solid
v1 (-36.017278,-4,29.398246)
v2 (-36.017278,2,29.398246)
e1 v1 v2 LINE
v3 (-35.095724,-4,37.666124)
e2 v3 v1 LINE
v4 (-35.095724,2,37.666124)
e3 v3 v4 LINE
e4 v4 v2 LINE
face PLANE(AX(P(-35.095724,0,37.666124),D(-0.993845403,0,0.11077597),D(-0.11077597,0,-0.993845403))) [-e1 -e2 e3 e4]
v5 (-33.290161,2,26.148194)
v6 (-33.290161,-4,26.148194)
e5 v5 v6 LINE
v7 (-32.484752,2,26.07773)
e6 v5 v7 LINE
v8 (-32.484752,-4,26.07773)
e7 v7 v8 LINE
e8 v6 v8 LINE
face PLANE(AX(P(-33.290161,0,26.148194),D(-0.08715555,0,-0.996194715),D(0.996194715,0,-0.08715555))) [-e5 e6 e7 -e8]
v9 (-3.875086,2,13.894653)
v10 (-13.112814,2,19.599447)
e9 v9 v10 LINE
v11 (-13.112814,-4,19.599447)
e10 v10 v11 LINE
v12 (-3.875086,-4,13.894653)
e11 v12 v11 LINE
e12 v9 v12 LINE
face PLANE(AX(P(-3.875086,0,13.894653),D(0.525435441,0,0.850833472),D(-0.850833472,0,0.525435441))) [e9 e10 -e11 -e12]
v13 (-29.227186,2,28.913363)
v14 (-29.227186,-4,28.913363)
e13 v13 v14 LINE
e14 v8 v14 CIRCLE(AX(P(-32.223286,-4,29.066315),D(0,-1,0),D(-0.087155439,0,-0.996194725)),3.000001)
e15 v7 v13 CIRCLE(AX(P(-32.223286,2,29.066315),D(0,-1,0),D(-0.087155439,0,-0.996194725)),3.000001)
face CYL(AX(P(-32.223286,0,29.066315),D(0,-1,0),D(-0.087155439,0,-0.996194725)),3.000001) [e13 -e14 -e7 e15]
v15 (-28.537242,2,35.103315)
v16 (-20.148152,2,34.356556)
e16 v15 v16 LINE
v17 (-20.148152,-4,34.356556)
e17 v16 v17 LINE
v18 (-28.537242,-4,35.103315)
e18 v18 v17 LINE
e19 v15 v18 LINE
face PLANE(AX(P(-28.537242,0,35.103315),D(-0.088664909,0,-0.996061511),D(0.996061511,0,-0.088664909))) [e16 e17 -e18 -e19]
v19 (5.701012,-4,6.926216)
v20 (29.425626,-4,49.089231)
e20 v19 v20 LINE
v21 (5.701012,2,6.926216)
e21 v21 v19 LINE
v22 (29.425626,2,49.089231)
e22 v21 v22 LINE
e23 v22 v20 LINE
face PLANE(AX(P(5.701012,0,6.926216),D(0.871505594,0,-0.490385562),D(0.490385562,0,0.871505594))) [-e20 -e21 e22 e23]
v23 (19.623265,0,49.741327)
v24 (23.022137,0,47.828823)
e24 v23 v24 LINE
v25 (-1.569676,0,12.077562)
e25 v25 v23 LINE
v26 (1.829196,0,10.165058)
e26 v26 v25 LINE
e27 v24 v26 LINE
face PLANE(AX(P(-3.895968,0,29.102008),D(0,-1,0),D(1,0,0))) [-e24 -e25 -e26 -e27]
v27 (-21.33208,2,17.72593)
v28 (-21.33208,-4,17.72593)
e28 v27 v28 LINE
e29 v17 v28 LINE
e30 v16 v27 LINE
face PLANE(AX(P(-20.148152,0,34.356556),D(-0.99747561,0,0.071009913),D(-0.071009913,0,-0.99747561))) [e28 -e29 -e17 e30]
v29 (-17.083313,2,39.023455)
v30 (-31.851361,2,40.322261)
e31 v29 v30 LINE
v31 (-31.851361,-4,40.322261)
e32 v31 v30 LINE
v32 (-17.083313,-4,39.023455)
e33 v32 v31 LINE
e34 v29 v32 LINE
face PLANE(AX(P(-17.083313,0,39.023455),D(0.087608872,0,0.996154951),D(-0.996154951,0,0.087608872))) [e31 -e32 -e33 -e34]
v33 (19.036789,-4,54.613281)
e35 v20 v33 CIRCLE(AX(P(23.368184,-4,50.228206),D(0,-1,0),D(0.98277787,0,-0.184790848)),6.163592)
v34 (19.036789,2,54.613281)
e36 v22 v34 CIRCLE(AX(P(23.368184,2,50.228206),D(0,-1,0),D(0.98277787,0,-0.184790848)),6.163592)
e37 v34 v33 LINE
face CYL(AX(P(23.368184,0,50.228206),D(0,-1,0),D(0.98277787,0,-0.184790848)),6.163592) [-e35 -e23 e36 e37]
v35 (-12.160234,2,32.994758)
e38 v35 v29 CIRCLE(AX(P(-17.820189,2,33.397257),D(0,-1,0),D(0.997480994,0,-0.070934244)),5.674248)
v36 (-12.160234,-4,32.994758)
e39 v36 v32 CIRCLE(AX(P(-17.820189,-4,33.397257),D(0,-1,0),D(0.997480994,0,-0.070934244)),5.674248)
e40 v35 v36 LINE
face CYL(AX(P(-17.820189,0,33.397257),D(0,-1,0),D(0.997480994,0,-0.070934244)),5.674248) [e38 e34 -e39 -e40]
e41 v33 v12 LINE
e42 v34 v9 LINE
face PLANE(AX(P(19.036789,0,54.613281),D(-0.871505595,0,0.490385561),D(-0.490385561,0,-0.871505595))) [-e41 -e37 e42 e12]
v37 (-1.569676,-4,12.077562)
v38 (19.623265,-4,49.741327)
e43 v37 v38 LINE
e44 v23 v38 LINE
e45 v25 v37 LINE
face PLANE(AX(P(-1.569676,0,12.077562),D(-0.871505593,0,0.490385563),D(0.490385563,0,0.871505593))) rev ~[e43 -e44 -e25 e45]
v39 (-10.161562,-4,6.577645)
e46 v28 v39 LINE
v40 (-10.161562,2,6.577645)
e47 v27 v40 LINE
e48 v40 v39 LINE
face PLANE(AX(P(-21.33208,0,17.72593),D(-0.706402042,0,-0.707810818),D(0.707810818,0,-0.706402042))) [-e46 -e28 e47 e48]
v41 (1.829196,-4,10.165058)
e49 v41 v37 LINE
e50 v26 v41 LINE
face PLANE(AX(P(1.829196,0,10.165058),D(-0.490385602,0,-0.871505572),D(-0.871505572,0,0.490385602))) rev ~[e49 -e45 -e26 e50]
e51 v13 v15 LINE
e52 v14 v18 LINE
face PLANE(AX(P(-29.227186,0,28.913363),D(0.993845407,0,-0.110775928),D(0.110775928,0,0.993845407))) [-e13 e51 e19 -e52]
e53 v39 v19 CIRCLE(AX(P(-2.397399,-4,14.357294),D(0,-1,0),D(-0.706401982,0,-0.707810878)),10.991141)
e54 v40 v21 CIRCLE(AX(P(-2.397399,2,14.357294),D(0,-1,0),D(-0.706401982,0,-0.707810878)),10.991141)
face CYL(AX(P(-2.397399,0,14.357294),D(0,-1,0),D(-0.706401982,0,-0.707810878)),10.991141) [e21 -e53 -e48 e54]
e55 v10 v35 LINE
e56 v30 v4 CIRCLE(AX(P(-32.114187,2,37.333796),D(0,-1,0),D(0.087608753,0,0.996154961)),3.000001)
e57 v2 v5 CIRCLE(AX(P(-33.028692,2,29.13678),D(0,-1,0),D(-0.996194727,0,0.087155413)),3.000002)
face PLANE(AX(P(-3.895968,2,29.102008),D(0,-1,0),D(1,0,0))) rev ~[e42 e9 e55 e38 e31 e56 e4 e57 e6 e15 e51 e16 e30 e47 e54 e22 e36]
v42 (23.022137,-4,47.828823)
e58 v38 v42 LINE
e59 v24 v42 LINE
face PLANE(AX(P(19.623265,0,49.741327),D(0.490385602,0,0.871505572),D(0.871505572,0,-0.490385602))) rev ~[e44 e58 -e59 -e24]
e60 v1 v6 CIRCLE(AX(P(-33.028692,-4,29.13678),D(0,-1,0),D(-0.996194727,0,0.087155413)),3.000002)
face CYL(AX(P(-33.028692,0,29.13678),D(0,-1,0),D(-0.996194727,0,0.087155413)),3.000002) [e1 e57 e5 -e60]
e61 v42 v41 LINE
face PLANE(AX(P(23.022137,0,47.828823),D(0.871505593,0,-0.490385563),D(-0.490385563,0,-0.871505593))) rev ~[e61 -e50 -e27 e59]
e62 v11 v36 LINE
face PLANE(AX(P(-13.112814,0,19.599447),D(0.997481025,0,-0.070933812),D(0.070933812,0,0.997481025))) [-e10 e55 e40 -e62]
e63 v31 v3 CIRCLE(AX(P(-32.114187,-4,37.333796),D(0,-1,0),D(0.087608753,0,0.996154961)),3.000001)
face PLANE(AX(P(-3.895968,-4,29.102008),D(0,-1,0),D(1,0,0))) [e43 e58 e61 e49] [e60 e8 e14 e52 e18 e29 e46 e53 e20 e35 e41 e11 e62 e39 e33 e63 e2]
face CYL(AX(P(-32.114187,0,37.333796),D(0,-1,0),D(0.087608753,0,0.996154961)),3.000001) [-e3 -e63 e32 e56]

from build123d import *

# Parameters (mm, degrees)
F1_DEPTH = 4
F2_DEPTH = 2


with BuildPart() as f1:
    # F0 (on Front) → F1 (new body)
    with BuildSketch(Plane.XZ):
        with BuildLine():
            ThreePointArc((-36.017278, 29.398246), (-35.326827, 27.208416), (-33.290161, 26.148194))
            Line((-33.290161, 26.148194), (-32.484752, 26.07773))
            ThreePointArc((-32.484752, 26.07773), (-30.253575, 26.803519), (-29.227186, 28.913363))
            Line((-29.227186, 28.913363), (-28.537242, 35.103315))
            Line((-28.537242, 35.103315), (-20.148152, 34.356556))
            Line((-20.148152, 34.356556), (-21.33208, 17.72593))
            Line((-21.33208, 17.72593), (-10.161562, 6.577645))
            ThreePointArc((-10.161562, 6.577645), (-2.155933, 3.368806), (5.701012, 6.926216))
            Line((5.701012, 6.926216), (29.425626, 49.089231))
            ThreePointArc((29.425626, 49.089231), (26.2619, 55.67029), (19.036789, 54.613281))
            Line((19.036789, 54.613281), (-3.875086, 13.894653))
            Line((-3.875086, 13.894653), (-13.112814, 19.599447))
            Line((-13.112814, 19.599447), (-12.160234, 32.994758))
            ThreePointArc((-12.160234, 32.994758), (-13.425174, 36.986259), (-17.083313, 39.023455))
            Line((-17.083313, 39.023455), (-31.851361, 40.322261))
            ThreePointArc((-31.851361, 40.322261), (-34.014612, 39.655086), (-35.095724, 37.666124))
            Line((-35.095724, 37.666124), (-36.017278, 29.398246))
        make_face()
        Polygon((23.022137, 47.828823), (1.829196, 10.165058), (-1.569676, 12.077562), (19.623265, 49.741327), align=None, mode=Mode.SUBTRACT)
    extrude(amount=F1_DEPTH)

    # F0 (on Front) → F2 (join)
    with BuildSketch(Plane.XZ):
        with BuildLine():
            ThreePointArc((-36.017278, 29.398246), (-35.326827, 27.208416), (-33.290161, 26.148194))
            Line((-33.290161, 26.148194), (-32.484752, 26.07773))
            ThreePointArc((-32.484752, 26.07773), (-30.253575, 26.803519), (-29.227186, 28.913363))
            Line((-29.227186, 28.913363), (-28.537242, 35.103315))
            Line((-28.537242, 35.103315), (-20.148152, 34.356556))
            Line((-20.148152, 34.356556), (-21.33208, 17.72593))
            Line((-21.33208, 17.72593), (-10.161562, 6.577645))
            ThreePointArc((-10.161562, 6.577645), (-2.155933, 3.368806), (5.701012, 6.926216))
            Line((5.701012, 6.926216), (29.425626, 49.089231))
            ThreePointArc((29.425626, 49.089231), (26.2619, 55.67029), (19.036789, 54.613281))
            Line((19.036789, 54.613281), (-3.875086, 13.894653))
            Line((-3.875086, 13.894653), (-13.112814, 19.599447))
            Line((-13.112814, 19.599447), (-12.160234, 32.994758))
            ThreePointArc((-12.160234, 32.994758), (-13.425174, 36.986259), (-17.083313, 39.023455))
            Line((-17.083313, 39.023455), (-31.851361, 40.322261))
            ThreePointArc((-31.851361, 40.322261), (-34.014612, 39.655086), (-35.095724, 37.666124))
            Line((-35.095724, 37.666124), (-36.017278, 29.398246))
        make_face()
        Polygon((23.022137, 47.828823), (1.829196, 10.165058), (-1.569676, 12.077562), (19.623265, 49.741327), align=None, mode=Mode.SUBTRACT)
        Polygon((-1.569676, 12.077562), (1.829196, 10.165058), (23.022137, 47.828823), (19.623265, 49.741327), align=None)
    extrude(amount=-F2_DEPTH)


solid = f1.part
